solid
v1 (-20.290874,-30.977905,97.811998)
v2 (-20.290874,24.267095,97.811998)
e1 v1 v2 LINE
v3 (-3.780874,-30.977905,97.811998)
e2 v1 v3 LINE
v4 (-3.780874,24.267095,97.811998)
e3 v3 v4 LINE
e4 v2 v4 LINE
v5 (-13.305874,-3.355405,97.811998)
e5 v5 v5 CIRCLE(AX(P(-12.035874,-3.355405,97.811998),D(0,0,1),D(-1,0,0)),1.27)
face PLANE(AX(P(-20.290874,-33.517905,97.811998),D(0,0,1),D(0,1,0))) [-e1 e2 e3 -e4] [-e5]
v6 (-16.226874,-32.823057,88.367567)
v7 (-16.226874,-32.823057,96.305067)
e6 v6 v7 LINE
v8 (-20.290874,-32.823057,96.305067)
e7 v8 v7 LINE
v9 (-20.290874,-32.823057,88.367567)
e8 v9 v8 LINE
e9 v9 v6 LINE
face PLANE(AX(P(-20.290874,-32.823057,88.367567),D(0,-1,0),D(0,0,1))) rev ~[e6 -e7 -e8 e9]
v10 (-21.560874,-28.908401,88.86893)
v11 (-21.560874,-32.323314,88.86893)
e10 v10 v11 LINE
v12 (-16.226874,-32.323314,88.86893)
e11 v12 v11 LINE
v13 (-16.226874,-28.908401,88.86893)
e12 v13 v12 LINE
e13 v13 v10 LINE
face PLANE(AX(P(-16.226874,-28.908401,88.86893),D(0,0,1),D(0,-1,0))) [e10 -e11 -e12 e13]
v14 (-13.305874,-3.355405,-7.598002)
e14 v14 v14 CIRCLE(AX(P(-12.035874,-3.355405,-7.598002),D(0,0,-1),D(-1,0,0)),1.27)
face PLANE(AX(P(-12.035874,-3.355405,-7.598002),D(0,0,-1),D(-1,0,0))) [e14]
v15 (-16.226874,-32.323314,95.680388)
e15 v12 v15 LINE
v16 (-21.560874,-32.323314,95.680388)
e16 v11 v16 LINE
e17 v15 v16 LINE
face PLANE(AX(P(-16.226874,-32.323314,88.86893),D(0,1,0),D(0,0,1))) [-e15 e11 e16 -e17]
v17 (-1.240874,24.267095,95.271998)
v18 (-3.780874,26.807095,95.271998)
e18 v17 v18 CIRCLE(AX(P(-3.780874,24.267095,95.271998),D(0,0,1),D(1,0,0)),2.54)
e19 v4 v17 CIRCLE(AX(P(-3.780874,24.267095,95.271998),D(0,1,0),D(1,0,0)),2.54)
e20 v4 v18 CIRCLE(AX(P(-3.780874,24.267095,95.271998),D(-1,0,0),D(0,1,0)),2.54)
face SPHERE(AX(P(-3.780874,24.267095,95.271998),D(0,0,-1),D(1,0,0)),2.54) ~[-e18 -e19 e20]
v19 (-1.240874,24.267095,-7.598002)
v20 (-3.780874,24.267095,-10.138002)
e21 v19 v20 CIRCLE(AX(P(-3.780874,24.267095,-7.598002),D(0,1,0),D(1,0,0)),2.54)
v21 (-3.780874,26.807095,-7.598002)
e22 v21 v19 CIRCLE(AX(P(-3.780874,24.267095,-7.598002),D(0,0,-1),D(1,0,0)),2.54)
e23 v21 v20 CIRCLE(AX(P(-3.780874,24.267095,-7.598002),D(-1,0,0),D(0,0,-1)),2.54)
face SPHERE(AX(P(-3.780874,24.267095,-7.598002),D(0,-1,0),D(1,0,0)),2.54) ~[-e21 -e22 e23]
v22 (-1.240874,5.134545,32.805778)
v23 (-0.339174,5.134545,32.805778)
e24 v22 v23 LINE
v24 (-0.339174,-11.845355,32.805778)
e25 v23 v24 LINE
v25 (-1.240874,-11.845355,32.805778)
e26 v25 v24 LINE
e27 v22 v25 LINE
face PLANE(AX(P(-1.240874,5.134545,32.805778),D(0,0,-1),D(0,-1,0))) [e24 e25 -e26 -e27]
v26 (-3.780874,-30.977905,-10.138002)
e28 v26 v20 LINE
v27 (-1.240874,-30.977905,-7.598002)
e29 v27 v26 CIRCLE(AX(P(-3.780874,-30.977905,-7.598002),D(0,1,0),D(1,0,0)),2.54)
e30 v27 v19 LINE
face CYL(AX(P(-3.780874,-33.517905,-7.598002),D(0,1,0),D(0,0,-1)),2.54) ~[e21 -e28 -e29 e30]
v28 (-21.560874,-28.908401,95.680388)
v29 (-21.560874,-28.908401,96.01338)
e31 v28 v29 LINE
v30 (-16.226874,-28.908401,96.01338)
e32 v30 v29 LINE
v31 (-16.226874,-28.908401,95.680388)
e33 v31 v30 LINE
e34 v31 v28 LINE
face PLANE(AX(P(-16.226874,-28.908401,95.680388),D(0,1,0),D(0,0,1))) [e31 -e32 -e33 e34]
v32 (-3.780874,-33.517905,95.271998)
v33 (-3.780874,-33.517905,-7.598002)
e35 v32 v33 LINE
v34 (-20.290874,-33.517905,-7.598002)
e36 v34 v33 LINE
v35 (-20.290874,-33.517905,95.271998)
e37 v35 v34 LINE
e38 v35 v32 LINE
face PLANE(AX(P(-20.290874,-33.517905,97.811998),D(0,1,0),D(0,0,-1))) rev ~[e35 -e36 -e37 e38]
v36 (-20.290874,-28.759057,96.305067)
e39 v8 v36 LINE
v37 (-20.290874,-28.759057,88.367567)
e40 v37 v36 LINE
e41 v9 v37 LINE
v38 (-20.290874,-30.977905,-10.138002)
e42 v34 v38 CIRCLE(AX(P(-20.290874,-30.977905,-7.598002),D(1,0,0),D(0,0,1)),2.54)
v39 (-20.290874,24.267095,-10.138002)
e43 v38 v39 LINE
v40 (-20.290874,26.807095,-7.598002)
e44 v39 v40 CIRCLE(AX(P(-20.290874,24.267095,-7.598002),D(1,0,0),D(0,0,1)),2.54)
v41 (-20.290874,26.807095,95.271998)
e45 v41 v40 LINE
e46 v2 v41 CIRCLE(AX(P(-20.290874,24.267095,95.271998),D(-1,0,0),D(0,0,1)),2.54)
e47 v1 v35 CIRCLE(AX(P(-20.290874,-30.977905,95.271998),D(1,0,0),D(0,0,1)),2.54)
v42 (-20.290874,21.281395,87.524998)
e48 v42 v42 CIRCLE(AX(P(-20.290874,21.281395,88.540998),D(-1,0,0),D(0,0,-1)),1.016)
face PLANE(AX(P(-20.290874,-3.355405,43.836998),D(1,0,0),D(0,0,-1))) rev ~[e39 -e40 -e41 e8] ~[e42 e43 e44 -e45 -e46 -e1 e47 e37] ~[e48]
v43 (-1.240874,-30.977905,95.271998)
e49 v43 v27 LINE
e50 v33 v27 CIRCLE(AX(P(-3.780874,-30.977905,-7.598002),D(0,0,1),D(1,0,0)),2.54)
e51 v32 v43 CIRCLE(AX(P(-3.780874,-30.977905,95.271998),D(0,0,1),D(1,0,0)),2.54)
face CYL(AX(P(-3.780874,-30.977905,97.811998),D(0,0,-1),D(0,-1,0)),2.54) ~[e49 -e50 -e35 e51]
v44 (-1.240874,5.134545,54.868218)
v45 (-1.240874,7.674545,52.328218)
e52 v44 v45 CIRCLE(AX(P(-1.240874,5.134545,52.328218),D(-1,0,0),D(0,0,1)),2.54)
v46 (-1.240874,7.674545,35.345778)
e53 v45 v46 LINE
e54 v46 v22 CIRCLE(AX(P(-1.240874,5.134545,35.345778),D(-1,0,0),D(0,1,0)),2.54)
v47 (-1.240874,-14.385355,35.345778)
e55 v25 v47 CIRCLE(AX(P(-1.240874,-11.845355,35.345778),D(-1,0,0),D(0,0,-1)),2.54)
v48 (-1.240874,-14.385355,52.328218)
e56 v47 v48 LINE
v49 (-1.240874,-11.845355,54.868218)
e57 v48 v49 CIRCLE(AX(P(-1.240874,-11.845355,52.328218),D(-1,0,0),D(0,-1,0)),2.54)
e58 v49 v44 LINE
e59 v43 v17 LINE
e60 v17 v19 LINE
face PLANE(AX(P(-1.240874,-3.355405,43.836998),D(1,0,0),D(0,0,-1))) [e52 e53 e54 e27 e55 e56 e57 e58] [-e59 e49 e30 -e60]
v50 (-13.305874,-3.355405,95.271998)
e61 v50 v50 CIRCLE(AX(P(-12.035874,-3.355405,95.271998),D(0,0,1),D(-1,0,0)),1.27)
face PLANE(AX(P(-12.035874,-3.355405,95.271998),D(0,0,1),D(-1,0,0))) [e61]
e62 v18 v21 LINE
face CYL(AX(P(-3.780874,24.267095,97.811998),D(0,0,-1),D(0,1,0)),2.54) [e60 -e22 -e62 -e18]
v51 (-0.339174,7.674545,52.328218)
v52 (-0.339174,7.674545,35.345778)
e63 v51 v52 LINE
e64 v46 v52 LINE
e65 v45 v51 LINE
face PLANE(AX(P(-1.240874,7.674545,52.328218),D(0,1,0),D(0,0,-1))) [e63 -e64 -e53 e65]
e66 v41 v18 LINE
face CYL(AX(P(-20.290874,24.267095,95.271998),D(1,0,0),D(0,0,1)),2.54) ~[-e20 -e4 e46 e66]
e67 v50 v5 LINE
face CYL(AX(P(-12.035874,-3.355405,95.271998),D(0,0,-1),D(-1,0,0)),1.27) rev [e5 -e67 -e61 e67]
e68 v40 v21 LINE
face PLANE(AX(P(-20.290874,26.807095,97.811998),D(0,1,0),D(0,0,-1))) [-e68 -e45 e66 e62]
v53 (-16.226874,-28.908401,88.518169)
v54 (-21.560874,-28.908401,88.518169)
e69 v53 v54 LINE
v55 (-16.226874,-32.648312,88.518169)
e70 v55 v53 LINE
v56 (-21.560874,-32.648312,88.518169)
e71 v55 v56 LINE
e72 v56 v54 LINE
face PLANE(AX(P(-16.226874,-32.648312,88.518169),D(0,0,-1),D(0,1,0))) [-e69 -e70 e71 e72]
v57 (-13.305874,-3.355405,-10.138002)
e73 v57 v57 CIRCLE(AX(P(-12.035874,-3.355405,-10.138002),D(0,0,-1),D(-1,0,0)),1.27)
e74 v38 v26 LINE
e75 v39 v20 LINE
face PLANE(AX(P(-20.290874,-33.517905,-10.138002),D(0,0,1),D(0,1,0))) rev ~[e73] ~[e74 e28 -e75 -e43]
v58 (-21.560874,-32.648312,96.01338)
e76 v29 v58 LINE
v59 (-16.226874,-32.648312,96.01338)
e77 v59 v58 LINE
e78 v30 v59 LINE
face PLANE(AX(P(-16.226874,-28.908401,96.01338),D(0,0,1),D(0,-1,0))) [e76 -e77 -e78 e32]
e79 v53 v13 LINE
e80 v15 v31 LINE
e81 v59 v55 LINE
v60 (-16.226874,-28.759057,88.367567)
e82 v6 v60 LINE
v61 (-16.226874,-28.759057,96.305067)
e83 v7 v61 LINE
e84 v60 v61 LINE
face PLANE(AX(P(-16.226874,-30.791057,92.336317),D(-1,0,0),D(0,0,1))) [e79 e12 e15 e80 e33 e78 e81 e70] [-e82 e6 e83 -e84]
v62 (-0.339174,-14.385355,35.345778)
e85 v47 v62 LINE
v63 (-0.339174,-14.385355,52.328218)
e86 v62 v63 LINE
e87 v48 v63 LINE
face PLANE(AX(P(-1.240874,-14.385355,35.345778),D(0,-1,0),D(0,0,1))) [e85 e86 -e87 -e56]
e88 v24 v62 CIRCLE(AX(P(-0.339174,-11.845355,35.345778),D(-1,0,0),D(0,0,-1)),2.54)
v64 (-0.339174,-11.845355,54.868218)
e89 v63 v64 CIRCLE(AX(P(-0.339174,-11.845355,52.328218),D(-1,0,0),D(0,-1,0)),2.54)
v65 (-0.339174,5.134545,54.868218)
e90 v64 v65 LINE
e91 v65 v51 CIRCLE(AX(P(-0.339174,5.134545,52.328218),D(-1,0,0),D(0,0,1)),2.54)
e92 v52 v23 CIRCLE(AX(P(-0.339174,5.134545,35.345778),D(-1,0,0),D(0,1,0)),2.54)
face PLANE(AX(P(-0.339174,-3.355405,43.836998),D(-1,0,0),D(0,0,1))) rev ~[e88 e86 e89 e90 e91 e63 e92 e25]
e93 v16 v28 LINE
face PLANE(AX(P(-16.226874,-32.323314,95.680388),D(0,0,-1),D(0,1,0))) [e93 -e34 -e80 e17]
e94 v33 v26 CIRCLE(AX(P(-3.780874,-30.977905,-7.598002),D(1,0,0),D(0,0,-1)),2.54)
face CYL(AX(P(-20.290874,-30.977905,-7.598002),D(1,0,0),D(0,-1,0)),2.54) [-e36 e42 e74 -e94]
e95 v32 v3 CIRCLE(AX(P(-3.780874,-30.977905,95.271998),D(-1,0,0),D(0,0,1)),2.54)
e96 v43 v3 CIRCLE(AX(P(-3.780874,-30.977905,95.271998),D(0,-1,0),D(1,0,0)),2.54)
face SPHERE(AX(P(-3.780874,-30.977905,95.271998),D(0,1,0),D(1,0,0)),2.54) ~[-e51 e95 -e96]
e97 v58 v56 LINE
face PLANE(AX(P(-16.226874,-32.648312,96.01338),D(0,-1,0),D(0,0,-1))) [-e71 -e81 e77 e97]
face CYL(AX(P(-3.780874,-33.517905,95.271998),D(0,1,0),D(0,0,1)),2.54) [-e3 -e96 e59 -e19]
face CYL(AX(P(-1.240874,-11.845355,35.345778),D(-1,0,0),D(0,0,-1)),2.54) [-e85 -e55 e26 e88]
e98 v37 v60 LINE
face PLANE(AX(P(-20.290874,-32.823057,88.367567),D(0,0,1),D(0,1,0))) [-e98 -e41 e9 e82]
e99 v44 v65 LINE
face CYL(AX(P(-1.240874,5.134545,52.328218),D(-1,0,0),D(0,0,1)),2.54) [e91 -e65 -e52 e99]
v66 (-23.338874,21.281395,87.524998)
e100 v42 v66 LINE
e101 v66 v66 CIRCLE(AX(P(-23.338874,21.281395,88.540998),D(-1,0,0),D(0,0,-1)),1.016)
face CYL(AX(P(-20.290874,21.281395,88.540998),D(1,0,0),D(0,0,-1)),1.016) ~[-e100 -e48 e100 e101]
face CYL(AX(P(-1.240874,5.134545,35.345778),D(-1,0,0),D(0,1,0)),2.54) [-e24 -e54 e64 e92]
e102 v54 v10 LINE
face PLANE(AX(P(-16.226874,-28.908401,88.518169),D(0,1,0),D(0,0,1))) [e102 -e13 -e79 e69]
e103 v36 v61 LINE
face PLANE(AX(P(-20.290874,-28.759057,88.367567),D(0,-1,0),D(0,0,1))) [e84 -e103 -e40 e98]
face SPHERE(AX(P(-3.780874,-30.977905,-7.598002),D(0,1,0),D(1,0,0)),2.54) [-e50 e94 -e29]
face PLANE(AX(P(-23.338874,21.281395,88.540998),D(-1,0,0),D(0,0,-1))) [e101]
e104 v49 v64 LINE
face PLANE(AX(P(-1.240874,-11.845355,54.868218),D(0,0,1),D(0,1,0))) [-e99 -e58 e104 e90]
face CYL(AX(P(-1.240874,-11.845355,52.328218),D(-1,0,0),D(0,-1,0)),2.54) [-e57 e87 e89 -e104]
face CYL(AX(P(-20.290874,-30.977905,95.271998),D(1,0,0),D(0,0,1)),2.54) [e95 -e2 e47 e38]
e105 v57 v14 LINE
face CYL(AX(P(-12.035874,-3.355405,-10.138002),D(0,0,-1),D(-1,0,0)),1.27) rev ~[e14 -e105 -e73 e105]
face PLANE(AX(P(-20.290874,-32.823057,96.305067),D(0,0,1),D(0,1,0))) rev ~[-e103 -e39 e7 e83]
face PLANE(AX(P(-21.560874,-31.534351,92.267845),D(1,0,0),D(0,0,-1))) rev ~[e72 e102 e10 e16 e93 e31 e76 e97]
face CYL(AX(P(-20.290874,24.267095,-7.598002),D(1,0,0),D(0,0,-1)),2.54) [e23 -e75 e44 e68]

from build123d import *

# Parameters (mm, degrees)
SKETCH1_W           = 107.95
SKETCH1_H           = 60.325
BOSS_EXTRUDE1_DEPTH = 19.05
FILLET1_R           = 2.54
SKETCH5_R           = 1.27
CUT_EXTRUDE2_DEPTH  = 2.54
CUT_EXTRUDE3_START  = -2.54
SKETCH6_R           = 1.27
CUT_EXTRUDE3_DEPTH  = 2.54
BOSS_EXTRUDE3_DEPTH = 0.9017
SKETCH8_R           = 1.016
BOSS_EXTRUDE4_DEPTH = 3.048
SKETCH9_W           = 7.9375
SKETCH9_H           = 4.064
CUT_EXTRUDE4_DEPTH  = 4.064
BOSS_EXTRUDE5_DEPTH = 5.334


with BuildPart() as part:
    # Sketch1 → Boss-Extrude1 (new body)
    with BuildSketch(Plane(origin=(-20.290873615, 0, 0), x_dir=(0, 0, -1), z_dir=(1, 0, 0))):
        with Locations((-43.836998095, -3.355404983)):
            Rectangle(SKETCH1_W, SKETCH1_H)
    extrude(amount=BOSS_EXTRUDE1_DEPTH)

    # Fillet1
    fillet1_edges = [part.edges().sort_by_distance(p)[0] for p in [
        (-1.240873615, -3.355404983, -10.138001905),
        (-1.240873615, 26.807095017, 43.836998095),
        (-1.240873615, -3.355404983, 97.811998095),
        (-1.240873615, -33.517904983, 43.836998095),
        (-10.765873615, 26.807095017, 97.811998095),
        (-10.765873615, 26.807095017, -10.138001905),
        (-10.765873615, -33.517904983, -10.138001905),
        (-10.765873615, -33.517904983, 97.811998095),
    ]]
    fillet(fillet1_edges, radius=FILLET1_R)

    # Sketch5 → Cut-Extrude2 (cut)
    with BuildSketch(Plane(origin=(0, 0, -10.138001905), x_dir=(-1, 0, 0), z_dir=(0, 0, -1))):
        with Locations((12.035873615, -3.355404983)):
            Circle(SKETCH5_R)
    extrude(amount=-CUT_EXTRUDE2_DEPTH, mode=Mode.SUBTRACT)

    # Sketch6 → Cut-Extrude3 (cut)
    with BuildSketch(Plane.XY.offset(97.811998095).offset(CUT_EXTRUDE3_START)):
        with Locations(Location((-12.035873615, -3.355404983, 0), (0, 0, 180))):
            Circle(SKETCH6_R)
    extrude(amount=CUT_EXTRUDE3_DEPTH, mode=Mode.SUBTRACT)

    # Sketch7 → Boss-Extrude3 (add)
    with BuildSketch(Plane(origin=(-1.240873615, 0, 0), x_dir=(0, 0, -1), z_dir=(1, 0, 0))):
        with BuildLine():
            Line((-52.328218095, 7.674545017), (-35.345778095, 7.674545017))
            ThreePointArc((-35.345778095, 7.674545017), (-33.549726871, 6.930596241), (-32.805778095, 5.134545017))
            Line((-32.805778095, 5.134545017), (-32.805778095, -11.845354983))
            ThreePointArc((-32.805778095, -11.845354983), (-33.549726871, -13.641406207), (-35.345778095, -14.385354983))
            Line((-35.345778095, -14.385354983), (-52.328218095, -14.385354983))
            ThreePointArc((-52.328218095, -14.385354983), (-54.124269319, -13.641406207), (-54.868218095, -11.845354983))
            Line((-54.868218095, -11.845354983), (-54.868218095, 5.134545017))
            ThreePointArc((-54.868218095, 5.134545017), (-54.124269319, 6.930596241), (-52.328218095, 7.674545017))
        make_face()
    extrude(amount=BOSS_EXTRUDE3_DEPTH)

    # Sketch8 → Boss-Extrude4 (add)
    with BuildSketch(Plane.ZY.offset(20.290873615)):
        with Locations(Location((88.540998095, 21.281395003, 0), (0, 0, 180))):
            Circle(SKETCH8_R)
    extrude(amount=BOSS_EXTRUDE4_DEPTH)

    # Sketch9 → Cut-Extrude4 (cut)
    with BuildSketch(Plane.ZY.offset(20.290873615)):
        with Locations((92.336317085, -30.791056829)):
            Rectangle(SKETCH9_W, SKETCH9_H)
    extrude(amount=-CUT_EXTRUDE4_DEPTH, mode=Mode.SUBTRACT)

    # Sketch10 → Boss-Extrude5 (add)
    with BuildSketch(Plane.ZY.offset(16.226873615)):
        Polygon((88.868929932, -28.90840101), (88.868929932, -32.323313533), (95.680387965, -32.323313533), (95.680387965, -28.90840101), (96.013379651, -28.90840101), (96.013379651, -32.648312217), (88.518168835, -32.648312217), (88.518168835, -28.90840101), align=None)
    extrude(amount=BOSS_EXTRUDE5_DEPTH)


solid = part.part
